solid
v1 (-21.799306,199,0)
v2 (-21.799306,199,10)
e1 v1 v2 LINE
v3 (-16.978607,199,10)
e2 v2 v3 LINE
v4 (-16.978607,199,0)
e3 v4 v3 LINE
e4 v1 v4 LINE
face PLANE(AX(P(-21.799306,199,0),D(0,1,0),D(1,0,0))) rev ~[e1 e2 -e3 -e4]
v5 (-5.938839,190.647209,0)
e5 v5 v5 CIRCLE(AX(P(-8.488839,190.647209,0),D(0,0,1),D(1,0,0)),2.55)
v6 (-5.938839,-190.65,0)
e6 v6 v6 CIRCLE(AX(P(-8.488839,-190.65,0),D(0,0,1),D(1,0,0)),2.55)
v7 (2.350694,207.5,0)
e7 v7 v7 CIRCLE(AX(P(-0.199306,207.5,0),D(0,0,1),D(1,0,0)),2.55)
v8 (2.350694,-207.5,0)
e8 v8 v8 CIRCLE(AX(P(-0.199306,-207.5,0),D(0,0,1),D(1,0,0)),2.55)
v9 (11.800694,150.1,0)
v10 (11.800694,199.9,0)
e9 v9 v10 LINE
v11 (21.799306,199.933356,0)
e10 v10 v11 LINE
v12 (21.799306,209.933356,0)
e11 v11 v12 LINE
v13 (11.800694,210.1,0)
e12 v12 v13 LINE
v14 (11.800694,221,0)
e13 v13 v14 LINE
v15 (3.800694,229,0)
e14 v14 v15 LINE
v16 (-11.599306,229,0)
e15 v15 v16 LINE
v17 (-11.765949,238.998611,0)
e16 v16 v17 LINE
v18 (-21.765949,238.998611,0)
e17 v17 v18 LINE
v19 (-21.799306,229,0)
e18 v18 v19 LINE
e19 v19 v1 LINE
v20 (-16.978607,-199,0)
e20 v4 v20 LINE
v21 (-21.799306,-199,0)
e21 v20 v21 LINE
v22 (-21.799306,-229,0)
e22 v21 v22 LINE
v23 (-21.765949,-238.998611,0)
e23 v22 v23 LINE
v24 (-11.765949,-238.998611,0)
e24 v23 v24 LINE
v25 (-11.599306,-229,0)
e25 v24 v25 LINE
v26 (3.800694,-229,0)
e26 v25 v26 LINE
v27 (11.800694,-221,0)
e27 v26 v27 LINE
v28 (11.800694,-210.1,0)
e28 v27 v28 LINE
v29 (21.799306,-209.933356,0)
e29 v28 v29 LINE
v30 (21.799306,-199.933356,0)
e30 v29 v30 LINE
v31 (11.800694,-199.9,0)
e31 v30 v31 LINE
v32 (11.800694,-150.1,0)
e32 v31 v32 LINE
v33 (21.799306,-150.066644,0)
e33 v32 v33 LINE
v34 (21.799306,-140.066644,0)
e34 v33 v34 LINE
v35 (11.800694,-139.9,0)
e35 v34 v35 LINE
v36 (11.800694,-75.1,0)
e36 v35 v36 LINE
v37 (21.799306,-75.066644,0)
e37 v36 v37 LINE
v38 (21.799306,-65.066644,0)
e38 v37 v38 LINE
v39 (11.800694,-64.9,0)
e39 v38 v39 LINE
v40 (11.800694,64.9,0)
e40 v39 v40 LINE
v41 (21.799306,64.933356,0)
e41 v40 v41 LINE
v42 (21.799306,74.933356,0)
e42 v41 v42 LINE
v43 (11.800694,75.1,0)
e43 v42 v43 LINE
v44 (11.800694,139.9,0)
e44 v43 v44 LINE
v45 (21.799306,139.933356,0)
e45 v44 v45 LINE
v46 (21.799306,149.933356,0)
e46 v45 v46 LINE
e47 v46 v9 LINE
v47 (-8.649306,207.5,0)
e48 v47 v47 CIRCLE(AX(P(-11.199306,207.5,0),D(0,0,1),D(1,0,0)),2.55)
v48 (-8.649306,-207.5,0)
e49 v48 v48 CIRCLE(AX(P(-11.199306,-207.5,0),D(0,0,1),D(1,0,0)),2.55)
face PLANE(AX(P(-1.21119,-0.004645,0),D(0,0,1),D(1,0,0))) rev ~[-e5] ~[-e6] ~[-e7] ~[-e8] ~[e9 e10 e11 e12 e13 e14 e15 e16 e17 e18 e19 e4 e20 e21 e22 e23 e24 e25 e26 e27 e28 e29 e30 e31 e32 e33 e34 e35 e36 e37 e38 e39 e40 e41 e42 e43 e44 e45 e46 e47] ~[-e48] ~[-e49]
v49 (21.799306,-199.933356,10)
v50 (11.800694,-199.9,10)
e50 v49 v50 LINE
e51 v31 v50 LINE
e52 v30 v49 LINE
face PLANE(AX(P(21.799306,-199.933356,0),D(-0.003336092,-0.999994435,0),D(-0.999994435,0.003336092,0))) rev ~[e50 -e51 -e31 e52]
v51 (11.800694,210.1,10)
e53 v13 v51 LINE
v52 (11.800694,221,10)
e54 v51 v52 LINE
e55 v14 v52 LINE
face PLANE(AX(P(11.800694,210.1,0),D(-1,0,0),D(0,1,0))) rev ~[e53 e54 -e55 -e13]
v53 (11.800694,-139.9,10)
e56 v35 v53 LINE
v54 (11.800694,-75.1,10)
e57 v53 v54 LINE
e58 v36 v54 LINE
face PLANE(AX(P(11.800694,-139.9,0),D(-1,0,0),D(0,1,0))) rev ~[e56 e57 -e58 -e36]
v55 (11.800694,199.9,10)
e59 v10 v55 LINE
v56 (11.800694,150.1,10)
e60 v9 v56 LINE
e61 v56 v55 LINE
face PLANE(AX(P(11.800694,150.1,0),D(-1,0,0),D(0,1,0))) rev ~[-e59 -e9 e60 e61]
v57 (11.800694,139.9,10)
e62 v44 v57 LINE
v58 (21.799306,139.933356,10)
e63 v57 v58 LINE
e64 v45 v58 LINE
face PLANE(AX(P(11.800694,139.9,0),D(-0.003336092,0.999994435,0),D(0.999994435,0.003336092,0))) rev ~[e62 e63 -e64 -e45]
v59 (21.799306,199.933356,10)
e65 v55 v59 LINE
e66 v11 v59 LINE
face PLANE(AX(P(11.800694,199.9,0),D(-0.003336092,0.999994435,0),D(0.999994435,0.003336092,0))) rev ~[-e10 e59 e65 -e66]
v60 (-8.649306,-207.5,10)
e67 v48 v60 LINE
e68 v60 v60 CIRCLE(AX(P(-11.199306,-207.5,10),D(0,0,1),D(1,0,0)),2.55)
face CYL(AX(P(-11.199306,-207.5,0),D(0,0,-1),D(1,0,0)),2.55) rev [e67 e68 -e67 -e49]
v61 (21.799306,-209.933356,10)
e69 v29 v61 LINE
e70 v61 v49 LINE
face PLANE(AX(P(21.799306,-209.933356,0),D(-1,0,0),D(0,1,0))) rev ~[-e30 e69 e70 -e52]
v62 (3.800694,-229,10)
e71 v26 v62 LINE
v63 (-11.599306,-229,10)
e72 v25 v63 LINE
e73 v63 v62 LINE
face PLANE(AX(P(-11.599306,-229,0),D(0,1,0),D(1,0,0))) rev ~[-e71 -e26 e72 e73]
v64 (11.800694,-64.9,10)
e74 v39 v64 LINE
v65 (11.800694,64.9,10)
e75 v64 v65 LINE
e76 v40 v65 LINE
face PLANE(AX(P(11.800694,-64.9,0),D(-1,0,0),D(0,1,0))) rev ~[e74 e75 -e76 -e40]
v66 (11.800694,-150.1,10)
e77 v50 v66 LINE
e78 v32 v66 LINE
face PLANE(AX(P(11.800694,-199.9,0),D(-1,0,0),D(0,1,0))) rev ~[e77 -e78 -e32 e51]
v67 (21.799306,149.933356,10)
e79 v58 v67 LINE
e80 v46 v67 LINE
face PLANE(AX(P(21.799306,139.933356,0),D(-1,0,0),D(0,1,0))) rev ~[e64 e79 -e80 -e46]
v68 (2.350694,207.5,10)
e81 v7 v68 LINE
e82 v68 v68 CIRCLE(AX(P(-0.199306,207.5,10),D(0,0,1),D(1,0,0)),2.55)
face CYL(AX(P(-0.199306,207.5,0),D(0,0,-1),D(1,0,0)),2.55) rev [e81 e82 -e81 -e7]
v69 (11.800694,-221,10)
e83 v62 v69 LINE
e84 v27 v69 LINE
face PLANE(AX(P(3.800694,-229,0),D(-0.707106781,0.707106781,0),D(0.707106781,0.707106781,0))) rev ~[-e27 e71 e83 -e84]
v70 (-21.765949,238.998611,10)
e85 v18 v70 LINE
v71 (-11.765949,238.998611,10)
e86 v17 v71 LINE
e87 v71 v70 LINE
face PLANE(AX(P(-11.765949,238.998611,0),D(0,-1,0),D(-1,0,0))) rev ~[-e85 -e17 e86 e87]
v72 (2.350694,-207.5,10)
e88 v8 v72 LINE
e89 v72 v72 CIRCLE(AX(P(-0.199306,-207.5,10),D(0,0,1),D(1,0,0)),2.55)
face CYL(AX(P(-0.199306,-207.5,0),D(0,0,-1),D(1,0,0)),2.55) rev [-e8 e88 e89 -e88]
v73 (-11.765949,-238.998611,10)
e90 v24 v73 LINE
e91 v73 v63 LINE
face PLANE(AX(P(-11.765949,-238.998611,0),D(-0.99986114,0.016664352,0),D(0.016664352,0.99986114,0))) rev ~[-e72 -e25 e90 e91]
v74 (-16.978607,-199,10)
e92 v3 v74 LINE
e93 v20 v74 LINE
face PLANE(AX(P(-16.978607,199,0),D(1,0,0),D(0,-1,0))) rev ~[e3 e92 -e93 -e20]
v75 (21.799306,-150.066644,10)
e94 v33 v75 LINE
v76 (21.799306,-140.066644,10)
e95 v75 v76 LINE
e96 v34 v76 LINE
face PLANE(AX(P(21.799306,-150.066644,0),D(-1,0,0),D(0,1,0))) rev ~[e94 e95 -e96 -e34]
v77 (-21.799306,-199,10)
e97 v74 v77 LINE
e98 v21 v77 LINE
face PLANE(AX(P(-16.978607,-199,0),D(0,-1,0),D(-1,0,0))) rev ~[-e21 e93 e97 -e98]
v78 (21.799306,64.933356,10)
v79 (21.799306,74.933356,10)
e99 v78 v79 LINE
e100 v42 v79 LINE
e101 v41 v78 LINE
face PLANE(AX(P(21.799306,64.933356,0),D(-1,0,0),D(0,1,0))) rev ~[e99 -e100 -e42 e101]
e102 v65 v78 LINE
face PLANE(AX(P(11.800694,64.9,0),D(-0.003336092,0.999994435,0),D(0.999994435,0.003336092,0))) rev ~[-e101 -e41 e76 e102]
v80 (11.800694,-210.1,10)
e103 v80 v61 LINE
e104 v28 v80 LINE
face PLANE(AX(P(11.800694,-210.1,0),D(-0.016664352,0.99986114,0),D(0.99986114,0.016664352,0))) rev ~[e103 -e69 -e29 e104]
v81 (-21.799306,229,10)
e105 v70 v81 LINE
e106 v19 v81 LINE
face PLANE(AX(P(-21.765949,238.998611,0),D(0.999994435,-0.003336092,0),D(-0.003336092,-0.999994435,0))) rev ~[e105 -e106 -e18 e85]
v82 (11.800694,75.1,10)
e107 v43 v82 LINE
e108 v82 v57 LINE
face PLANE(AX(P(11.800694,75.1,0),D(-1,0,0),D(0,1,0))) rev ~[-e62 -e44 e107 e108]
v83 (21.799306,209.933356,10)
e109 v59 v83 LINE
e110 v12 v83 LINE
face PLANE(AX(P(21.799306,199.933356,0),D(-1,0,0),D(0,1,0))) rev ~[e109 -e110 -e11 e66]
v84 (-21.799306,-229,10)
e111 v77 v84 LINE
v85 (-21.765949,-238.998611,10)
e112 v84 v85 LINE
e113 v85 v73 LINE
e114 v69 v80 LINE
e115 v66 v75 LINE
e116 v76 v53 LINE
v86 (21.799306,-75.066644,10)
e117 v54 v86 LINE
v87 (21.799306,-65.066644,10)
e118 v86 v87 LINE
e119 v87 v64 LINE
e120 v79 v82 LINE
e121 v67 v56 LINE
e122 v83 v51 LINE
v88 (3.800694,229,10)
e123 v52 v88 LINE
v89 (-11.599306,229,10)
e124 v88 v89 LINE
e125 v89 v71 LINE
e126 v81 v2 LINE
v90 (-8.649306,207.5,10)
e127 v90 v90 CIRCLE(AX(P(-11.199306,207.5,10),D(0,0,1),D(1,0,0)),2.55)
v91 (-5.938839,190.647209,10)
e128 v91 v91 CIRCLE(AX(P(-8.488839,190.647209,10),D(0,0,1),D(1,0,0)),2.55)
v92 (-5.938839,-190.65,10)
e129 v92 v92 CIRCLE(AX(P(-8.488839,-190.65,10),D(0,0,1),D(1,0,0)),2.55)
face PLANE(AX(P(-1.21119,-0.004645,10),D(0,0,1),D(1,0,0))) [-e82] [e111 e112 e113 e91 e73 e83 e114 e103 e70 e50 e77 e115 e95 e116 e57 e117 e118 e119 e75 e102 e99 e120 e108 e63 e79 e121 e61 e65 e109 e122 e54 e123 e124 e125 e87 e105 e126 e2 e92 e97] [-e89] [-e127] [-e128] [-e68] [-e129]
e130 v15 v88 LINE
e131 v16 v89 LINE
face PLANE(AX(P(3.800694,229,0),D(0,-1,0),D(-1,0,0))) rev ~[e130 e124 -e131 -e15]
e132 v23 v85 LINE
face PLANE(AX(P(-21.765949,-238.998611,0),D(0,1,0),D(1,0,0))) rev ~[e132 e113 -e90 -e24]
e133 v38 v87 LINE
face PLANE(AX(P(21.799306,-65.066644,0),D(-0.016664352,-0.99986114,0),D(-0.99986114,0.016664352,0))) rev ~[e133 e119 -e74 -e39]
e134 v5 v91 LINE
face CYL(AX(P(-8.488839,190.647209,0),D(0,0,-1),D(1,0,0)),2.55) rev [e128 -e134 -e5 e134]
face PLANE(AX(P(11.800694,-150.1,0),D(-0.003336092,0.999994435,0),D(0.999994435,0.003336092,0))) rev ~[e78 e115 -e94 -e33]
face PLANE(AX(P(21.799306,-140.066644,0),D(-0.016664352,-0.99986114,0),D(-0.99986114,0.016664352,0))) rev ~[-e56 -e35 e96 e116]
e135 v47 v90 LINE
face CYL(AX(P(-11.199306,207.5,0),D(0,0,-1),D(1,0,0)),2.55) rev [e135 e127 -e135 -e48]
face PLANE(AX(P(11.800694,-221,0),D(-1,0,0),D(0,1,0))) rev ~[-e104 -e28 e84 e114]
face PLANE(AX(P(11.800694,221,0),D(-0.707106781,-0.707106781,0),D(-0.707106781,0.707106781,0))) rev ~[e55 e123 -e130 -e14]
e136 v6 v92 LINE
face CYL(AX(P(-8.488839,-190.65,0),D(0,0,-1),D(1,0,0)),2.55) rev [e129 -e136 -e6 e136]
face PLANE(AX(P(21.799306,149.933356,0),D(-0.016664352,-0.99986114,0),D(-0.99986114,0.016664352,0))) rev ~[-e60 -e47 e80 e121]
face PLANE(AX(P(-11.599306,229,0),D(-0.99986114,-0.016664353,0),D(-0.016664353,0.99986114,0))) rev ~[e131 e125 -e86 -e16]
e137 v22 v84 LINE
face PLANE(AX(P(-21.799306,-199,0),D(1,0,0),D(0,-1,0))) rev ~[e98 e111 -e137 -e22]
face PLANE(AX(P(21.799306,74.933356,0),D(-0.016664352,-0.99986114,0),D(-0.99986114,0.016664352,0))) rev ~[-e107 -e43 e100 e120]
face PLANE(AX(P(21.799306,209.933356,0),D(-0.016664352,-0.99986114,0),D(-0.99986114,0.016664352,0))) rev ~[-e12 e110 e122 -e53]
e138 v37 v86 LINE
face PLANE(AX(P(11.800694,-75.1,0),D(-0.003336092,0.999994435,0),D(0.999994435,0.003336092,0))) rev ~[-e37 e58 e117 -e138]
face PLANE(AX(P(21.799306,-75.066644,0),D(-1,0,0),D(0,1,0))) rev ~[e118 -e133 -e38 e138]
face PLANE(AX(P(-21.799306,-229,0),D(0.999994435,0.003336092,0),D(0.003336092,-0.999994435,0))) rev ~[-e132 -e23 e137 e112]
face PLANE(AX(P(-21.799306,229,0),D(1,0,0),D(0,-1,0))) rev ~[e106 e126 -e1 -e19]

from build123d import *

# Parameters (mm, degrees)
SKETCH_1_R      = 2.55
EXTRUDE_1_DEPTH = 10


with BuildPart() as part:
    # Эскиз1 → Бобышка-Вытянуть1 (new body)
    with BuildSketch(Plane.XY):
        Polygon((-16.978606932, 199), (-16.978606932, -199), (-21.7993057, -199), (-21.7993057, -229), (-21.765949224, -238.9986114), (-11.765949224, -238.9986114), (-11.5993057, -229), (3.800694299, -229), (11.800694299, -221), (11.800694299, -210.1), (21.7993057, -209.933356475), (21.7993057, -199.933356475), (11.8006943, -199.899999999), (11.8006943, -173.449999999), (11.8006943, -150.1), (21.799305701, -150.066643523), (21.799305701, -140.066643523), (11.8006943, -139.899999999), (11.8006943, -105.949999999), (11.8006943, -75.099999999), (21.7993057, -75.066643523), (21.7993057, -65.066643523), (11.8006943, -64.899999999), (11.8006943, 64.900000001), (21.7993057, 64.933356477), (21.7993057, 74.933356477), (11.8006943, 75.100000001), (11.8006943, 109.050000001), (11.8006943, 139.900000001), (21.7993057, 139.933356477), (21.7993057, 149.933356477), (11.8006943, 150.100000001), (11.8006943, 176.550000001), (11.8006943, 199.900000001), (21.7993057, 199.933356477), (21.7993057, 209.933356477), (11.8006943, 210.100000001), (11.8006943, 221), (3.8006943, 229), (-11.599305699, 229), (-11.765949224, 238.9986114), (-21.765949224, 238.9986114), (-21.7993057, 229), (-21.7993057, 199), align=None)
        with Locations((-11.199305701, -207.5)):
            Circle(SKETCH_1_R, mode=Mode.SUBTRACT)
        with Locations((-11.199305701, 207.5)):
            Circle(SKETCH_1_R, mode=Mode.SUBTRACT)
        with Locations((-0.199305701, 207.5)):
            Circle(SKETCH_1_R, mode=Mode.SUBTRACT)
        with Locations((-8.488839347, 190.647208967)):
            Circle(SKETCH_1_R, mode=Mode.SUBTRACT)
        with Locations((-0.199305701, -207.5)):
            Circle(SKETCH_1_R, mode=Mode.SUBTRACT)
        with Locations((-8.488839347, -190.65)):
            Circle(SKETCH_1_R, mode=Mode.SUBTRACT)
    extrude(amount=EXTRUDE_1_DEPTH)


solid = part.part
